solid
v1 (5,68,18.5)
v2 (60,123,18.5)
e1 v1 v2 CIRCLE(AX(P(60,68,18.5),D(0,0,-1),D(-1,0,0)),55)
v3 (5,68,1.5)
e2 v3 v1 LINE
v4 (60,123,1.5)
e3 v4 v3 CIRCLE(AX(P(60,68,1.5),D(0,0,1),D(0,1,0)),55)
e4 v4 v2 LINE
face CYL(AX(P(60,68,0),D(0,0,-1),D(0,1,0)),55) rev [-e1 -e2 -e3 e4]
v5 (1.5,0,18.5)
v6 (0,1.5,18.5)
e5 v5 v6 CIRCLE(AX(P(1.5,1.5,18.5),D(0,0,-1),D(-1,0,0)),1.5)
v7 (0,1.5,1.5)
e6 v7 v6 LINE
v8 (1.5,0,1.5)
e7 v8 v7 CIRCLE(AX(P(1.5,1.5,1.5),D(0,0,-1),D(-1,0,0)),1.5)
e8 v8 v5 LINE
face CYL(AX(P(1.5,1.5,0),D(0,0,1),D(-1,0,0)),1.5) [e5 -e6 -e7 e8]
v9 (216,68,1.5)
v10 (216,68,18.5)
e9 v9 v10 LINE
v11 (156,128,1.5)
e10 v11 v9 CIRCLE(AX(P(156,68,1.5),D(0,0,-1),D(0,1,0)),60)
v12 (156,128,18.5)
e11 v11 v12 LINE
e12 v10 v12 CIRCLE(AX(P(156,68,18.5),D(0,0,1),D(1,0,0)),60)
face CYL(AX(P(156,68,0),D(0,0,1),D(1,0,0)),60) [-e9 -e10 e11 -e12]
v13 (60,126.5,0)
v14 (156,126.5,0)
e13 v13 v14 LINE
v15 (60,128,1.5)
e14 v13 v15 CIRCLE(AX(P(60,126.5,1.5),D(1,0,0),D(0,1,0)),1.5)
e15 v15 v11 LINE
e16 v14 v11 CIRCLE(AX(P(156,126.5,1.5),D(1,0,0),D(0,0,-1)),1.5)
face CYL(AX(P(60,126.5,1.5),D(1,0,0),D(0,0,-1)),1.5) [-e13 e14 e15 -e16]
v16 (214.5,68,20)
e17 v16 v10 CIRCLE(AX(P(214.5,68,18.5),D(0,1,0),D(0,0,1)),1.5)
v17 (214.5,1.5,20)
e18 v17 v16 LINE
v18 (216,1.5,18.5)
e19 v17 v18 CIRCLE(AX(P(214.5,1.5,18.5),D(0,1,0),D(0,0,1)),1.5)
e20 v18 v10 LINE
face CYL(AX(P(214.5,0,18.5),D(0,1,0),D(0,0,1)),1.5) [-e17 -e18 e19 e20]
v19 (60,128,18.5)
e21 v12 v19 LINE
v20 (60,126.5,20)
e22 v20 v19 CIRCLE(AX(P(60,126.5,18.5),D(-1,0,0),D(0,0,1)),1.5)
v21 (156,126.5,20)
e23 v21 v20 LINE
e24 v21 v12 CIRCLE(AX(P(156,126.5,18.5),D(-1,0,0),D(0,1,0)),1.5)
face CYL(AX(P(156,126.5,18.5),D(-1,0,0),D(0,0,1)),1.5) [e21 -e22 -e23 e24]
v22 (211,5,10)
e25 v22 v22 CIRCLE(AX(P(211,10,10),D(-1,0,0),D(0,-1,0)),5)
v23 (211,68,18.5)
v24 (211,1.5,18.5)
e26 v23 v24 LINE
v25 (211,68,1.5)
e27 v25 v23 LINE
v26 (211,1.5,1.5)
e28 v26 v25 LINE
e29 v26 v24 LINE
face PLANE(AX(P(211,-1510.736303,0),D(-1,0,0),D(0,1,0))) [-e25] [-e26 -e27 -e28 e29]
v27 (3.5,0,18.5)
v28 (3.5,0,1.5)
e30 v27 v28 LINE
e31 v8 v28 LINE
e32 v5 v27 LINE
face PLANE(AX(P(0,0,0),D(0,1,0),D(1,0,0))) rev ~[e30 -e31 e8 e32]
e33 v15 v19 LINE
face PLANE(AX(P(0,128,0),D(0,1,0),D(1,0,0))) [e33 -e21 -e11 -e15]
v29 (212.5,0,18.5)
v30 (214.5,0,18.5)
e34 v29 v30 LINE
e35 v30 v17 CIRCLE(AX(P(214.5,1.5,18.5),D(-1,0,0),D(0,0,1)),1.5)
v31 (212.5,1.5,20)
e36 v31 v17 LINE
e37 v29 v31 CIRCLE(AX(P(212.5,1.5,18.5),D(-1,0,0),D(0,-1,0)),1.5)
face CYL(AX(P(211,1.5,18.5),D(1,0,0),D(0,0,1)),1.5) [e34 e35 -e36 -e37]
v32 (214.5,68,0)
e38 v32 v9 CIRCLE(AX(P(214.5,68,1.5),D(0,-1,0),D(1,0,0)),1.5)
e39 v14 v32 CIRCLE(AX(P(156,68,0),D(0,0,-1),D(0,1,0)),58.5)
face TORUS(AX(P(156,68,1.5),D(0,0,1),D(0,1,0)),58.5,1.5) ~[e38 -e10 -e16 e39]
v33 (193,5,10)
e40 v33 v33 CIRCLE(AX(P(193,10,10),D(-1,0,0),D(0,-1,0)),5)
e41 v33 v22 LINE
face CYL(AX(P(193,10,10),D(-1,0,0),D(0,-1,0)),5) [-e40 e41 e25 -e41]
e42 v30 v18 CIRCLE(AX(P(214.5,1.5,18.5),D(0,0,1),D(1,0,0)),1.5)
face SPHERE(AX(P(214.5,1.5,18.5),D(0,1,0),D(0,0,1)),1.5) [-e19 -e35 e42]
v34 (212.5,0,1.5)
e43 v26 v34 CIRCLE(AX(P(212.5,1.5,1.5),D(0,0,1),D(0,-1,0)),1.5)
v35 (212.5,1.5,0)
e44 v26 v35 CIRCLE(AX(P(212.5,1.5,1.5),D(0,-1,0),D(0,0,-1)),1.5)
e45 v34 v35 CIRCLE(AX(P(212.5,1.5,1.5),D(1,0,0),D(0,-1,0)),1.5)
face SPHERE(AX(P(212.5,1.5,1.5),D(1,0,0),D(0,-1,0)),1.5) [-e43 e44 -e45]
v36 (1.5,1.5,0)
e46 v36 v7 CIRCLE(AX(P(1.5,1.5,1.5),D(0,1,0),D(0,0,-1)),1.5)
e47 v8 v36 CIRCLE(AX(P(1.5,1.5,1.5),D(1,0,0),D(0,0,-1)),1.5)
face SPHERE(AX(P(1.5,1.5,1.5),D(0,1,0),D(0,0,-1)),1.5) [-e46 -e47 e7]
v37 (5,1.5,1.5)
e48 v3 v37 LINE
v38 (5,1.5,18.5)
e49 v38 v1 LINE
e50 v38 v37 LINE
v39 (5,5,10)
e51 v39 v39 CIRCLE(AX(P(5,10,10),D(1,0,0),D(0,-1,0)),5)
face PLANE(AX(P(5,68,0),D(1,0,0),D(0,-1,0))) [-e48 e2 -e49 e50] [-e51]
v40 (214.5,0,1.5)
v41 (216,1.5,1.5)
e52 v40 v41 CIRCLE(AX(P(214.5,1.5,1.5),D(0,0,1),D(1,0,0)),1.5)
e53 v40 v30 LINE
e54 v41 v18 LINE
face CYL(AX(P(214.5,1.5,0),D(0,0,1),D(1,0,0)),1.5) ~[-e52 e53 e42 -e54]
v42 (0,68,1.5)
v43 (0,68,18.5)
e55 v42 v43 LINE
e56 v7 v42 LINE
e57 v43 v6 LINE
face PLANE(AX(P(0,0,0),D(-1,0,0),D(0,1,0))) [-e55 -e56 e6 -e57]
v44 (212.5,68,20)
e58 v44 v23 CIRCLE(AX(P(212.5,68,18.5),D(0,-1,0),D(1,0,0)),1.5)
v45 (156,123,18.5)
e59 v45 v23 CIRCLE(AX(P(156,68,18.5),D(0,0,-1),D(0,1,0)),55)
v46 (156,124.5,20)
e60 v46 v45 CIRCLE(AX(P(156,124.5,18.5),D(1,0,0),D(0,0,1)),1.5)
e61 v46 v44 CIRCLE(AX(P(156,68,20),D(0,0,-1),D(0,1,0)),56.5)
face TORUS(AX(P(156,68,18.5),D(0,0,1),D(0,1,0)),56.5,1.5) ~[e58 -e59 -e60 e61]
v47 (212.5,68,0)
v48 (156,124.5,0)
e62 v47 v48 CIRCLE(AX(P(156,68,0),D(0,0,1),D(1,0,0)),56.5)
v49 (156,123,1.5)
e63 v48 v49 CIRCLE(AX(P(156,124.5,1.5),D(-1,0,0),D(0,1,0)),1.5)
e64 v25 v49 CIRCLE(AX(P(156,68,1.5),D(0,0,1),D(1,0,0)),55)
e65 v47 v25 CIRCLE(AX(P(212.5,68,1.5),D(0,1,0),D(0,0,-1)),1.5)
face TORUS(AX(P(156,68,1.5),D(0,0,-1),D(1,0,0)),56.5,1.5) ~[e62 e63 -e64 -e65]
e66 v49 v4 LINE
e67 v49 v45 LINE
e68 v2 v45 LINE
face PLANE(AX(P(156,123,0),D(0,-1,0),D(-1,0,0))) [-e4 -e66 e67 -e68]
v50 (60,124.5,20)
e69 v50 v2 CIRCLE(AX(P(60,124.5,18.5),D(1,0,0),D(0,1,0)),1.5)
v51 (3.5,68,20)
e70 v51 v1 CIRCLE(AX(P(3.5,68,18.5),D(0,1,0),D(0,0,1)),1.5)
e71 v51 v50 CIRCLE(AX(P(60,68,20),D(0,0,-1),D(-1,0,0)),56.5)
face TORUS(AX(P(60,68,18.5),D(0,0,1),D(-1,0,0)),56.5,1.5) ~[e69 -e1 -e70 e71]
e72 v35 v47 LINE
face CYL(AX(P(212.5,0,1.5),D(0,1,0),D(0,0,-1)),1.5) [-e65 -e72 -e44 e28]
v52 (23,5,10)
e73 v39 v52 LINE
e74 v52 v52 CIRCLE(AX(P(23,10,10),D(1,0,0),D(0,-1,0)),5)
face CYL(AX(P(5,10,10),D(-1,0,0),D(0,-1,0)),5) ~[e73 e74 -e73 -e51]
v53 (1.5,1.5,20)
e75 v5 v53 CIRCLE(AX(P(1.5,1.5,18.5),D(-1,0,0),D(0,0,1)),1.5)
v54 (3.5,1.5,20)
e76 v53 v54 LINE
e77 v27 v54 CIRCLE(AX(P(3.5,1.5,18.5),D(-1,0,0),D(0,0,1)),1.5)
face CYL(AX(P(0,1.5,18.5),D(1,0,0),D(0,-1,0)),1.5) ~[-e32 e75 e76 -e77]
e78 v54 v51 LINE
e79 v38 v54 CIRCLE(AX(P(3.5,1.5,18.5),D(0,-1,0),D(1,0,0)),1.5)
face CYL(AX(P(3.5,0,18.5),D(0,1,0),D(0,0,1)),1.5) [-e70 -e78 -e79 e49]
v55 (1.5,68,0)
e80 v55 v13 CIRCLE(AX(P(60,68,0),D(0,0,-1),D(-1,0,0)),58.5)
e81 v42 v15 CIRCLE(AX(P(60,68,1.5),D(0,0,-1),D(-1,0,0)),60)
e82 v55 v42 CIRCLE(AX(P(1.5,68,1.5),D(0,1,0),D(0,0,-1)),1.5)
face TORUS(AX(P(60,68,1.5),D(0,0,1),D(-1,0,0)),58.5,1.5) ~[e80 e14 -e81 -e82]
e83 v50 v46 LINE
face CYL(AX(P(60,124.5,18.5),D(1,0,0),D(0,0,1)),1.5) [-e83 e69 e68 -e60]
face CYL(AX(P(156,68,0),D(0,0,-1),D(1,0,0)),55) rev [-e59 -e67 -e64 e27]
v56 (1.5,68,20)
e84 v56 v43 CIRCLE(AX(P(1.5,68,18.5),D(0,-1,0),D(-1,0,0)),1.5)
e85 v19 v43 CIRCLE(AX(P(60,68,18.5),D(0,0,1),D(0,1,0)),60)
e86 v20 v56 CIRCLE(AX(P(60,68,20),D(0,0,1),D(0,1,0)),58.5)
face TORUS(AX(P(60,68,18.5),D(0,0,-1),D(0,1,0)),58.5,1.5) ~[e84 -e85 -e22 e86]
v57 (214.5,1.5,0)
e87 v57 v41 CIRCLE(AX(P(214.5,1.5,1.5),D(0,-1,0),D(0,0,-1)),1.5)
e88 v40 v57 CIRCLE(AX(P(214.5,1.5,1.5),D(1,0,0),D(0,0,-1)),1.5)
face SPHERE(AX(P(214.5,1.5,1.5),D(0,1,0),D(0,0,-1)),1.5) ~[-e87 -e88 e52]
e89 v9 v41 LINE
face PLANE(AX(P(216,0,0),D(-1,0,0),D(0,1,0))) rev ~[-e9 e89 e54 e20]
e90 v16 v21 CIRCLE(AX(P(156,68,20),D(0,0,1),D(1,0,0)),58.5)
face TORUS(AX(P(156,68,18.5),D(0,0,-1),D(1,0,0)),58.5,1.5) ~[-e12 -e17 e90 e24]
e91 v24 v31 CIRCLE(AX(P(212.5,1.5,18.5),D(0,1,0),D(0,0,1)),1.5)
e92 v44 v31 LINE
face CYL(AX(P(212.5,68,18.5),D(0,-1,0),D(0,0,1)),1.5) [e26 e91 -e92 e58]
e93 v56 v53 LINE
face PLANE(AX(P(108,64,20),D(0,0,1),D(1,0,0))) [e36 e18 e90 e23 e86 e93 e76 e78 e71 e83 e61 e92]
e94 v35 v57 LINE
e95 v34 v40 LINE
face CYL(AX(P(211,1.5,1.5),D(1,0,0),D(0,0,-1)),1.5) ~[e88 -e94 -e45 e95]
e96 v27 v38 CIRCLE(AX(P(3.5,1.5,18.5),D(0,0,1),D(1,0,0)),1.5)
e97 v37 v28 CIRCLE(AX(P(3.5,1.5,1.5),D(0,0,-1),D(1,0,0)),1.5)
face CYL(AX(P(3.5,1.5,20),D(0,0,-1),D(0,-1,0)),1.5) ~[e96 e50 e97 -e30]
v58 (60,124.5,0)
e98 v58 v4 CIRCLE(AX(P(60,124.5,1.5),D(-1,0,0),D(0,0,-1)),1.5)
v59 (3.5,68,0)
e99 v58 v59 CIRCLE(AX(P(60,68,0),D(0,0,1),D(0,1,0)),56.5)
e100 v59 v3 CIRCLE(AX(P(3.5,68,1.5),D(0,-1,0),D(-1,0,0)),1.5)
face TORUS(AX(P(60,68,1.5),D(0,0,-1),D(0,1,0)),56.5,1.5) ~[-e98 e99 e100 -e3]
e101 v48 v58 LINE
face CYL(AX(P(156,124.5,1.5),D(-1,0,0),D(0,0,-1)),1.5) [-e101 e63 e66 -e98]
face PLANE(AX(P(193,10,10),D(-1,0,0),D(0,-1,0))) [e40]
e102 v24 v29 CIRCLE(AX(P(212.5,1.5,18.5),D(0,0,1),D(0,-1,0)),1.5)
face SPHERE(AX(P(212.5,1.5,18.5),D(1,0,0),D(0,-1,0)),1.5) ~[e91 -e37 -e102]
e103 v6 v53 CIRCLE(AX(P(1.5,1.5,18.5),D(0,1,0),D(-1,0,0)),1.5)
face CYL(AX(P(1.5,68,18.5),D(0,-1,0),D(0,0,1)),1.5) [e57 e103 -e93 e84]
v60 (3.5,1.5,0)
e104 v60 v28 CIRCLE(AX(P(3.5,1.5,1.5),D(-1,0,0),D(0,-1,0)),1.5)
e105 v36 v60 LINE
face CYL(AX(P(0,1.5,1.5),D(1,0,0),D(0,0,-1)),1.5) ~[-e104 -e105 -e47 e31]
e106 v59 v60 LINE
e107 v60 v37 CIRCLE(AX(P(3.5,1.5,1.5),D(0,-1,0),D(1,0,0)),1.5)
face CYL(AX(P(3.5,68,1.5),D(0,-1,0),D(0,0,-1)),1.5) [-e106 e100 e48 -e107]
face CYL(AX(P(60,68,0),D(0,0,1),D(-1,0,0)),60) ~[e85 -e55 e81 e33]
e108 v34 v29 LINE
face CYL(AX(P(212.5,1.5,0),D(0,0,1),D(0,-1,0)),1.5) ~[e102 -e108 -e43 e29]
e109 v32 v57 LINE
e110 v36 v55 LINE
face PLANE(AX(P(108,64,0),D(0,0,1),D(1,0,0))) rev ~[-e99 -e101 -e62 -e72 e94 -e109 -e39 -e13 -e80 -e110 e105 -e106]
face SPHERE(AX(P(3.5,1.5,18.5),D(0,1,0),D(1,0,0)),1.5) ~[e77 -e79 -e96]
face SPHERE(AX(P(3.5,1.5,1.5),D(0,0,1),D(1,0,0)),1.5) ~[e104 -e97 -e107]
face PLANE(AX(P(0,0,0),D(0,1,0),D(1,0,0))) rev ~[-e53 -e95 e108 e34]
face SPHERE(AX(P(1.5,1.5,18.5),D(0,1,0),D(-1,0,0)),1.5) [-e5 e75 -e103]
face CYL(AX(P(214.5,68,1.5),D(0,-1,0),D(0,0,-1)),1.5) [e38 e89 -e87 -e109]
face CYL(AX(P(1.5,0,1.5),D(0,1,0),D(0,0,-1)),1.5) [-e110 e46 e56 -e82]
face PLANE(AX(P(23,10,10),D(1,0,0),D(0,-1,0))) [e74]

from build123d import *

# Parameters (mm, degrees)
SKETCH_2_W               = 216
SKETCH_2_H               = 128
EXTRUDE_1_DEPTH          = 20
FILLET_1_R               = 60
CUT_EXTRUDE_1_DEPTH      = 252.872983863
CUT_EXTRUDE_1_DEPTH_BACK = 20
SKETCH_4_R               = 5
EXTRUDE_2_DEPTH          = 18
EXTRUDE_START            = 18
SKETCH_5_R               = 5
EXTRUDE_3_DEPTH          = 18
FILLET_2_R               = 1.5


with BuildPart() as part:
    # ｽｹｯﾁ2 → ﾎﾞｽ - 押し出し1 (new body)
    with BuildSketch(Plane.XY):
        with Locations((108, 64)):
            Rectangle(SKETCH_2_W, SKETCH_2_H)
    extrude(amount=EXTRUDE_1_DEPTH)

    # ﾌｨﾚｯﾄ1
    fillet_1_edges = [part.edges().sort_by_distance(p)[0] for p in [
        (0, 128, 10),
        (216, 128, 10),
    ]]
    fillet(fillet_1_edges, radius=FILLET_1_R)

    # ｽｹｯﾁ3 → ｶｯﾄ - 押し出し1 (cut, two sides: drawn at the far end of the back side and taken through both)
    with BuildSketch(Plane.XY.offset(20).offset(-CUT_EXTRUDE_1_DEPTH_BACK)):
        with BuildLine():
            Line((211, -503.578767777), (211, 0))
            Line((211, 0), (211, 68))
            ThreePointArc((211, 68), (194.890872965, 106.890872965), (156, 123))
            Line((156, 123), (60, 123))
            ThreePointArc((60, 123), (21.109127035, 106.890872965), (5, 68))
            Line((5, 68), (5, 0))
            Line((5, 0), (5, -503.578767777))
            Line((5, -503.578767777), (5, -1510.73630333))
            Line((5, -1510.73630333), (211, -1510.73630333))
            Line((211, -1510.73630333), (211, -503.578767777))
        make_face()
    extrude(amount=CUT_EXTRUDE_1_DEPTH + CUT_EXTRUDE_1_DEPTH_BACK, mode=Mode.SUBTRACT)

    # ｽｹｯﾁ4 → ﾎﾞｽ - 押し出し2 (add)
    with BuildSketch(Plane(origin=(5, 0, 0), x_dir=(0, 0, -1), z_dir=(1, 0, 0))):
        with Locations(Location((-10, 10, 0), (0, 0, 270))):
            Circle(SKETCH_4_R)
    extrude(amount=EXTRUDE_2_DEPTH)

    # ｽｹｯﾁ5 → ﾎﾞｽ - 押し出し3 (add)
    with BuildSketch(Plane.ZY.offset(-211).offset(EXTRUDE_START)):
        with Locations(Location((10, 10, 0), (0, 0, 270))):
            Circle(SKETCH_5_R)
    extrude(amount=-EXTRUDE_3_DEPTH)

    # ﾌｨﾚｯﾄ2
    fillet_2_edges = [part.edges().sort_by_distance(p)[0] for p in [
        (216, 34, 20),
        (108, 128, 0),
        (108, 128, 20),
        (0, 34, 0),
        (17.573593129, 110.426406871, 0),
        (198.426406871, 110.426406871, 0),
        (0, 34, 20),
        (17.573593129, 110.426406871, 20),
        (198.426406871, 110.426406871, 20),
        (213.5, 0, 0),
        (213.5, 0, 20),
        (211, 0, 10),
        (211, 34, 20),
        (194.890872965, 106.890872965, 20),
        (108, 123, 20),
        (21.109127035, 106.890872965, 20),
        (5, 34, 20),
        (5, 0, 10),
        (5, 34, 0),
        (211, 34, 0),
        (194.890872965, 106.890872965, 0),
        (108, 123, 0),
        (21.109127035, 106.890872965, 0),
        (216, 34, 0),
        (2.5, 0, 0),
        (216, 0, 10),
        (0, 0, 10),
        (2.5, 0, 20),
    ]]
    fillet(fillet_2_edges, radius=FILLET_2_R)


solid = part.part
